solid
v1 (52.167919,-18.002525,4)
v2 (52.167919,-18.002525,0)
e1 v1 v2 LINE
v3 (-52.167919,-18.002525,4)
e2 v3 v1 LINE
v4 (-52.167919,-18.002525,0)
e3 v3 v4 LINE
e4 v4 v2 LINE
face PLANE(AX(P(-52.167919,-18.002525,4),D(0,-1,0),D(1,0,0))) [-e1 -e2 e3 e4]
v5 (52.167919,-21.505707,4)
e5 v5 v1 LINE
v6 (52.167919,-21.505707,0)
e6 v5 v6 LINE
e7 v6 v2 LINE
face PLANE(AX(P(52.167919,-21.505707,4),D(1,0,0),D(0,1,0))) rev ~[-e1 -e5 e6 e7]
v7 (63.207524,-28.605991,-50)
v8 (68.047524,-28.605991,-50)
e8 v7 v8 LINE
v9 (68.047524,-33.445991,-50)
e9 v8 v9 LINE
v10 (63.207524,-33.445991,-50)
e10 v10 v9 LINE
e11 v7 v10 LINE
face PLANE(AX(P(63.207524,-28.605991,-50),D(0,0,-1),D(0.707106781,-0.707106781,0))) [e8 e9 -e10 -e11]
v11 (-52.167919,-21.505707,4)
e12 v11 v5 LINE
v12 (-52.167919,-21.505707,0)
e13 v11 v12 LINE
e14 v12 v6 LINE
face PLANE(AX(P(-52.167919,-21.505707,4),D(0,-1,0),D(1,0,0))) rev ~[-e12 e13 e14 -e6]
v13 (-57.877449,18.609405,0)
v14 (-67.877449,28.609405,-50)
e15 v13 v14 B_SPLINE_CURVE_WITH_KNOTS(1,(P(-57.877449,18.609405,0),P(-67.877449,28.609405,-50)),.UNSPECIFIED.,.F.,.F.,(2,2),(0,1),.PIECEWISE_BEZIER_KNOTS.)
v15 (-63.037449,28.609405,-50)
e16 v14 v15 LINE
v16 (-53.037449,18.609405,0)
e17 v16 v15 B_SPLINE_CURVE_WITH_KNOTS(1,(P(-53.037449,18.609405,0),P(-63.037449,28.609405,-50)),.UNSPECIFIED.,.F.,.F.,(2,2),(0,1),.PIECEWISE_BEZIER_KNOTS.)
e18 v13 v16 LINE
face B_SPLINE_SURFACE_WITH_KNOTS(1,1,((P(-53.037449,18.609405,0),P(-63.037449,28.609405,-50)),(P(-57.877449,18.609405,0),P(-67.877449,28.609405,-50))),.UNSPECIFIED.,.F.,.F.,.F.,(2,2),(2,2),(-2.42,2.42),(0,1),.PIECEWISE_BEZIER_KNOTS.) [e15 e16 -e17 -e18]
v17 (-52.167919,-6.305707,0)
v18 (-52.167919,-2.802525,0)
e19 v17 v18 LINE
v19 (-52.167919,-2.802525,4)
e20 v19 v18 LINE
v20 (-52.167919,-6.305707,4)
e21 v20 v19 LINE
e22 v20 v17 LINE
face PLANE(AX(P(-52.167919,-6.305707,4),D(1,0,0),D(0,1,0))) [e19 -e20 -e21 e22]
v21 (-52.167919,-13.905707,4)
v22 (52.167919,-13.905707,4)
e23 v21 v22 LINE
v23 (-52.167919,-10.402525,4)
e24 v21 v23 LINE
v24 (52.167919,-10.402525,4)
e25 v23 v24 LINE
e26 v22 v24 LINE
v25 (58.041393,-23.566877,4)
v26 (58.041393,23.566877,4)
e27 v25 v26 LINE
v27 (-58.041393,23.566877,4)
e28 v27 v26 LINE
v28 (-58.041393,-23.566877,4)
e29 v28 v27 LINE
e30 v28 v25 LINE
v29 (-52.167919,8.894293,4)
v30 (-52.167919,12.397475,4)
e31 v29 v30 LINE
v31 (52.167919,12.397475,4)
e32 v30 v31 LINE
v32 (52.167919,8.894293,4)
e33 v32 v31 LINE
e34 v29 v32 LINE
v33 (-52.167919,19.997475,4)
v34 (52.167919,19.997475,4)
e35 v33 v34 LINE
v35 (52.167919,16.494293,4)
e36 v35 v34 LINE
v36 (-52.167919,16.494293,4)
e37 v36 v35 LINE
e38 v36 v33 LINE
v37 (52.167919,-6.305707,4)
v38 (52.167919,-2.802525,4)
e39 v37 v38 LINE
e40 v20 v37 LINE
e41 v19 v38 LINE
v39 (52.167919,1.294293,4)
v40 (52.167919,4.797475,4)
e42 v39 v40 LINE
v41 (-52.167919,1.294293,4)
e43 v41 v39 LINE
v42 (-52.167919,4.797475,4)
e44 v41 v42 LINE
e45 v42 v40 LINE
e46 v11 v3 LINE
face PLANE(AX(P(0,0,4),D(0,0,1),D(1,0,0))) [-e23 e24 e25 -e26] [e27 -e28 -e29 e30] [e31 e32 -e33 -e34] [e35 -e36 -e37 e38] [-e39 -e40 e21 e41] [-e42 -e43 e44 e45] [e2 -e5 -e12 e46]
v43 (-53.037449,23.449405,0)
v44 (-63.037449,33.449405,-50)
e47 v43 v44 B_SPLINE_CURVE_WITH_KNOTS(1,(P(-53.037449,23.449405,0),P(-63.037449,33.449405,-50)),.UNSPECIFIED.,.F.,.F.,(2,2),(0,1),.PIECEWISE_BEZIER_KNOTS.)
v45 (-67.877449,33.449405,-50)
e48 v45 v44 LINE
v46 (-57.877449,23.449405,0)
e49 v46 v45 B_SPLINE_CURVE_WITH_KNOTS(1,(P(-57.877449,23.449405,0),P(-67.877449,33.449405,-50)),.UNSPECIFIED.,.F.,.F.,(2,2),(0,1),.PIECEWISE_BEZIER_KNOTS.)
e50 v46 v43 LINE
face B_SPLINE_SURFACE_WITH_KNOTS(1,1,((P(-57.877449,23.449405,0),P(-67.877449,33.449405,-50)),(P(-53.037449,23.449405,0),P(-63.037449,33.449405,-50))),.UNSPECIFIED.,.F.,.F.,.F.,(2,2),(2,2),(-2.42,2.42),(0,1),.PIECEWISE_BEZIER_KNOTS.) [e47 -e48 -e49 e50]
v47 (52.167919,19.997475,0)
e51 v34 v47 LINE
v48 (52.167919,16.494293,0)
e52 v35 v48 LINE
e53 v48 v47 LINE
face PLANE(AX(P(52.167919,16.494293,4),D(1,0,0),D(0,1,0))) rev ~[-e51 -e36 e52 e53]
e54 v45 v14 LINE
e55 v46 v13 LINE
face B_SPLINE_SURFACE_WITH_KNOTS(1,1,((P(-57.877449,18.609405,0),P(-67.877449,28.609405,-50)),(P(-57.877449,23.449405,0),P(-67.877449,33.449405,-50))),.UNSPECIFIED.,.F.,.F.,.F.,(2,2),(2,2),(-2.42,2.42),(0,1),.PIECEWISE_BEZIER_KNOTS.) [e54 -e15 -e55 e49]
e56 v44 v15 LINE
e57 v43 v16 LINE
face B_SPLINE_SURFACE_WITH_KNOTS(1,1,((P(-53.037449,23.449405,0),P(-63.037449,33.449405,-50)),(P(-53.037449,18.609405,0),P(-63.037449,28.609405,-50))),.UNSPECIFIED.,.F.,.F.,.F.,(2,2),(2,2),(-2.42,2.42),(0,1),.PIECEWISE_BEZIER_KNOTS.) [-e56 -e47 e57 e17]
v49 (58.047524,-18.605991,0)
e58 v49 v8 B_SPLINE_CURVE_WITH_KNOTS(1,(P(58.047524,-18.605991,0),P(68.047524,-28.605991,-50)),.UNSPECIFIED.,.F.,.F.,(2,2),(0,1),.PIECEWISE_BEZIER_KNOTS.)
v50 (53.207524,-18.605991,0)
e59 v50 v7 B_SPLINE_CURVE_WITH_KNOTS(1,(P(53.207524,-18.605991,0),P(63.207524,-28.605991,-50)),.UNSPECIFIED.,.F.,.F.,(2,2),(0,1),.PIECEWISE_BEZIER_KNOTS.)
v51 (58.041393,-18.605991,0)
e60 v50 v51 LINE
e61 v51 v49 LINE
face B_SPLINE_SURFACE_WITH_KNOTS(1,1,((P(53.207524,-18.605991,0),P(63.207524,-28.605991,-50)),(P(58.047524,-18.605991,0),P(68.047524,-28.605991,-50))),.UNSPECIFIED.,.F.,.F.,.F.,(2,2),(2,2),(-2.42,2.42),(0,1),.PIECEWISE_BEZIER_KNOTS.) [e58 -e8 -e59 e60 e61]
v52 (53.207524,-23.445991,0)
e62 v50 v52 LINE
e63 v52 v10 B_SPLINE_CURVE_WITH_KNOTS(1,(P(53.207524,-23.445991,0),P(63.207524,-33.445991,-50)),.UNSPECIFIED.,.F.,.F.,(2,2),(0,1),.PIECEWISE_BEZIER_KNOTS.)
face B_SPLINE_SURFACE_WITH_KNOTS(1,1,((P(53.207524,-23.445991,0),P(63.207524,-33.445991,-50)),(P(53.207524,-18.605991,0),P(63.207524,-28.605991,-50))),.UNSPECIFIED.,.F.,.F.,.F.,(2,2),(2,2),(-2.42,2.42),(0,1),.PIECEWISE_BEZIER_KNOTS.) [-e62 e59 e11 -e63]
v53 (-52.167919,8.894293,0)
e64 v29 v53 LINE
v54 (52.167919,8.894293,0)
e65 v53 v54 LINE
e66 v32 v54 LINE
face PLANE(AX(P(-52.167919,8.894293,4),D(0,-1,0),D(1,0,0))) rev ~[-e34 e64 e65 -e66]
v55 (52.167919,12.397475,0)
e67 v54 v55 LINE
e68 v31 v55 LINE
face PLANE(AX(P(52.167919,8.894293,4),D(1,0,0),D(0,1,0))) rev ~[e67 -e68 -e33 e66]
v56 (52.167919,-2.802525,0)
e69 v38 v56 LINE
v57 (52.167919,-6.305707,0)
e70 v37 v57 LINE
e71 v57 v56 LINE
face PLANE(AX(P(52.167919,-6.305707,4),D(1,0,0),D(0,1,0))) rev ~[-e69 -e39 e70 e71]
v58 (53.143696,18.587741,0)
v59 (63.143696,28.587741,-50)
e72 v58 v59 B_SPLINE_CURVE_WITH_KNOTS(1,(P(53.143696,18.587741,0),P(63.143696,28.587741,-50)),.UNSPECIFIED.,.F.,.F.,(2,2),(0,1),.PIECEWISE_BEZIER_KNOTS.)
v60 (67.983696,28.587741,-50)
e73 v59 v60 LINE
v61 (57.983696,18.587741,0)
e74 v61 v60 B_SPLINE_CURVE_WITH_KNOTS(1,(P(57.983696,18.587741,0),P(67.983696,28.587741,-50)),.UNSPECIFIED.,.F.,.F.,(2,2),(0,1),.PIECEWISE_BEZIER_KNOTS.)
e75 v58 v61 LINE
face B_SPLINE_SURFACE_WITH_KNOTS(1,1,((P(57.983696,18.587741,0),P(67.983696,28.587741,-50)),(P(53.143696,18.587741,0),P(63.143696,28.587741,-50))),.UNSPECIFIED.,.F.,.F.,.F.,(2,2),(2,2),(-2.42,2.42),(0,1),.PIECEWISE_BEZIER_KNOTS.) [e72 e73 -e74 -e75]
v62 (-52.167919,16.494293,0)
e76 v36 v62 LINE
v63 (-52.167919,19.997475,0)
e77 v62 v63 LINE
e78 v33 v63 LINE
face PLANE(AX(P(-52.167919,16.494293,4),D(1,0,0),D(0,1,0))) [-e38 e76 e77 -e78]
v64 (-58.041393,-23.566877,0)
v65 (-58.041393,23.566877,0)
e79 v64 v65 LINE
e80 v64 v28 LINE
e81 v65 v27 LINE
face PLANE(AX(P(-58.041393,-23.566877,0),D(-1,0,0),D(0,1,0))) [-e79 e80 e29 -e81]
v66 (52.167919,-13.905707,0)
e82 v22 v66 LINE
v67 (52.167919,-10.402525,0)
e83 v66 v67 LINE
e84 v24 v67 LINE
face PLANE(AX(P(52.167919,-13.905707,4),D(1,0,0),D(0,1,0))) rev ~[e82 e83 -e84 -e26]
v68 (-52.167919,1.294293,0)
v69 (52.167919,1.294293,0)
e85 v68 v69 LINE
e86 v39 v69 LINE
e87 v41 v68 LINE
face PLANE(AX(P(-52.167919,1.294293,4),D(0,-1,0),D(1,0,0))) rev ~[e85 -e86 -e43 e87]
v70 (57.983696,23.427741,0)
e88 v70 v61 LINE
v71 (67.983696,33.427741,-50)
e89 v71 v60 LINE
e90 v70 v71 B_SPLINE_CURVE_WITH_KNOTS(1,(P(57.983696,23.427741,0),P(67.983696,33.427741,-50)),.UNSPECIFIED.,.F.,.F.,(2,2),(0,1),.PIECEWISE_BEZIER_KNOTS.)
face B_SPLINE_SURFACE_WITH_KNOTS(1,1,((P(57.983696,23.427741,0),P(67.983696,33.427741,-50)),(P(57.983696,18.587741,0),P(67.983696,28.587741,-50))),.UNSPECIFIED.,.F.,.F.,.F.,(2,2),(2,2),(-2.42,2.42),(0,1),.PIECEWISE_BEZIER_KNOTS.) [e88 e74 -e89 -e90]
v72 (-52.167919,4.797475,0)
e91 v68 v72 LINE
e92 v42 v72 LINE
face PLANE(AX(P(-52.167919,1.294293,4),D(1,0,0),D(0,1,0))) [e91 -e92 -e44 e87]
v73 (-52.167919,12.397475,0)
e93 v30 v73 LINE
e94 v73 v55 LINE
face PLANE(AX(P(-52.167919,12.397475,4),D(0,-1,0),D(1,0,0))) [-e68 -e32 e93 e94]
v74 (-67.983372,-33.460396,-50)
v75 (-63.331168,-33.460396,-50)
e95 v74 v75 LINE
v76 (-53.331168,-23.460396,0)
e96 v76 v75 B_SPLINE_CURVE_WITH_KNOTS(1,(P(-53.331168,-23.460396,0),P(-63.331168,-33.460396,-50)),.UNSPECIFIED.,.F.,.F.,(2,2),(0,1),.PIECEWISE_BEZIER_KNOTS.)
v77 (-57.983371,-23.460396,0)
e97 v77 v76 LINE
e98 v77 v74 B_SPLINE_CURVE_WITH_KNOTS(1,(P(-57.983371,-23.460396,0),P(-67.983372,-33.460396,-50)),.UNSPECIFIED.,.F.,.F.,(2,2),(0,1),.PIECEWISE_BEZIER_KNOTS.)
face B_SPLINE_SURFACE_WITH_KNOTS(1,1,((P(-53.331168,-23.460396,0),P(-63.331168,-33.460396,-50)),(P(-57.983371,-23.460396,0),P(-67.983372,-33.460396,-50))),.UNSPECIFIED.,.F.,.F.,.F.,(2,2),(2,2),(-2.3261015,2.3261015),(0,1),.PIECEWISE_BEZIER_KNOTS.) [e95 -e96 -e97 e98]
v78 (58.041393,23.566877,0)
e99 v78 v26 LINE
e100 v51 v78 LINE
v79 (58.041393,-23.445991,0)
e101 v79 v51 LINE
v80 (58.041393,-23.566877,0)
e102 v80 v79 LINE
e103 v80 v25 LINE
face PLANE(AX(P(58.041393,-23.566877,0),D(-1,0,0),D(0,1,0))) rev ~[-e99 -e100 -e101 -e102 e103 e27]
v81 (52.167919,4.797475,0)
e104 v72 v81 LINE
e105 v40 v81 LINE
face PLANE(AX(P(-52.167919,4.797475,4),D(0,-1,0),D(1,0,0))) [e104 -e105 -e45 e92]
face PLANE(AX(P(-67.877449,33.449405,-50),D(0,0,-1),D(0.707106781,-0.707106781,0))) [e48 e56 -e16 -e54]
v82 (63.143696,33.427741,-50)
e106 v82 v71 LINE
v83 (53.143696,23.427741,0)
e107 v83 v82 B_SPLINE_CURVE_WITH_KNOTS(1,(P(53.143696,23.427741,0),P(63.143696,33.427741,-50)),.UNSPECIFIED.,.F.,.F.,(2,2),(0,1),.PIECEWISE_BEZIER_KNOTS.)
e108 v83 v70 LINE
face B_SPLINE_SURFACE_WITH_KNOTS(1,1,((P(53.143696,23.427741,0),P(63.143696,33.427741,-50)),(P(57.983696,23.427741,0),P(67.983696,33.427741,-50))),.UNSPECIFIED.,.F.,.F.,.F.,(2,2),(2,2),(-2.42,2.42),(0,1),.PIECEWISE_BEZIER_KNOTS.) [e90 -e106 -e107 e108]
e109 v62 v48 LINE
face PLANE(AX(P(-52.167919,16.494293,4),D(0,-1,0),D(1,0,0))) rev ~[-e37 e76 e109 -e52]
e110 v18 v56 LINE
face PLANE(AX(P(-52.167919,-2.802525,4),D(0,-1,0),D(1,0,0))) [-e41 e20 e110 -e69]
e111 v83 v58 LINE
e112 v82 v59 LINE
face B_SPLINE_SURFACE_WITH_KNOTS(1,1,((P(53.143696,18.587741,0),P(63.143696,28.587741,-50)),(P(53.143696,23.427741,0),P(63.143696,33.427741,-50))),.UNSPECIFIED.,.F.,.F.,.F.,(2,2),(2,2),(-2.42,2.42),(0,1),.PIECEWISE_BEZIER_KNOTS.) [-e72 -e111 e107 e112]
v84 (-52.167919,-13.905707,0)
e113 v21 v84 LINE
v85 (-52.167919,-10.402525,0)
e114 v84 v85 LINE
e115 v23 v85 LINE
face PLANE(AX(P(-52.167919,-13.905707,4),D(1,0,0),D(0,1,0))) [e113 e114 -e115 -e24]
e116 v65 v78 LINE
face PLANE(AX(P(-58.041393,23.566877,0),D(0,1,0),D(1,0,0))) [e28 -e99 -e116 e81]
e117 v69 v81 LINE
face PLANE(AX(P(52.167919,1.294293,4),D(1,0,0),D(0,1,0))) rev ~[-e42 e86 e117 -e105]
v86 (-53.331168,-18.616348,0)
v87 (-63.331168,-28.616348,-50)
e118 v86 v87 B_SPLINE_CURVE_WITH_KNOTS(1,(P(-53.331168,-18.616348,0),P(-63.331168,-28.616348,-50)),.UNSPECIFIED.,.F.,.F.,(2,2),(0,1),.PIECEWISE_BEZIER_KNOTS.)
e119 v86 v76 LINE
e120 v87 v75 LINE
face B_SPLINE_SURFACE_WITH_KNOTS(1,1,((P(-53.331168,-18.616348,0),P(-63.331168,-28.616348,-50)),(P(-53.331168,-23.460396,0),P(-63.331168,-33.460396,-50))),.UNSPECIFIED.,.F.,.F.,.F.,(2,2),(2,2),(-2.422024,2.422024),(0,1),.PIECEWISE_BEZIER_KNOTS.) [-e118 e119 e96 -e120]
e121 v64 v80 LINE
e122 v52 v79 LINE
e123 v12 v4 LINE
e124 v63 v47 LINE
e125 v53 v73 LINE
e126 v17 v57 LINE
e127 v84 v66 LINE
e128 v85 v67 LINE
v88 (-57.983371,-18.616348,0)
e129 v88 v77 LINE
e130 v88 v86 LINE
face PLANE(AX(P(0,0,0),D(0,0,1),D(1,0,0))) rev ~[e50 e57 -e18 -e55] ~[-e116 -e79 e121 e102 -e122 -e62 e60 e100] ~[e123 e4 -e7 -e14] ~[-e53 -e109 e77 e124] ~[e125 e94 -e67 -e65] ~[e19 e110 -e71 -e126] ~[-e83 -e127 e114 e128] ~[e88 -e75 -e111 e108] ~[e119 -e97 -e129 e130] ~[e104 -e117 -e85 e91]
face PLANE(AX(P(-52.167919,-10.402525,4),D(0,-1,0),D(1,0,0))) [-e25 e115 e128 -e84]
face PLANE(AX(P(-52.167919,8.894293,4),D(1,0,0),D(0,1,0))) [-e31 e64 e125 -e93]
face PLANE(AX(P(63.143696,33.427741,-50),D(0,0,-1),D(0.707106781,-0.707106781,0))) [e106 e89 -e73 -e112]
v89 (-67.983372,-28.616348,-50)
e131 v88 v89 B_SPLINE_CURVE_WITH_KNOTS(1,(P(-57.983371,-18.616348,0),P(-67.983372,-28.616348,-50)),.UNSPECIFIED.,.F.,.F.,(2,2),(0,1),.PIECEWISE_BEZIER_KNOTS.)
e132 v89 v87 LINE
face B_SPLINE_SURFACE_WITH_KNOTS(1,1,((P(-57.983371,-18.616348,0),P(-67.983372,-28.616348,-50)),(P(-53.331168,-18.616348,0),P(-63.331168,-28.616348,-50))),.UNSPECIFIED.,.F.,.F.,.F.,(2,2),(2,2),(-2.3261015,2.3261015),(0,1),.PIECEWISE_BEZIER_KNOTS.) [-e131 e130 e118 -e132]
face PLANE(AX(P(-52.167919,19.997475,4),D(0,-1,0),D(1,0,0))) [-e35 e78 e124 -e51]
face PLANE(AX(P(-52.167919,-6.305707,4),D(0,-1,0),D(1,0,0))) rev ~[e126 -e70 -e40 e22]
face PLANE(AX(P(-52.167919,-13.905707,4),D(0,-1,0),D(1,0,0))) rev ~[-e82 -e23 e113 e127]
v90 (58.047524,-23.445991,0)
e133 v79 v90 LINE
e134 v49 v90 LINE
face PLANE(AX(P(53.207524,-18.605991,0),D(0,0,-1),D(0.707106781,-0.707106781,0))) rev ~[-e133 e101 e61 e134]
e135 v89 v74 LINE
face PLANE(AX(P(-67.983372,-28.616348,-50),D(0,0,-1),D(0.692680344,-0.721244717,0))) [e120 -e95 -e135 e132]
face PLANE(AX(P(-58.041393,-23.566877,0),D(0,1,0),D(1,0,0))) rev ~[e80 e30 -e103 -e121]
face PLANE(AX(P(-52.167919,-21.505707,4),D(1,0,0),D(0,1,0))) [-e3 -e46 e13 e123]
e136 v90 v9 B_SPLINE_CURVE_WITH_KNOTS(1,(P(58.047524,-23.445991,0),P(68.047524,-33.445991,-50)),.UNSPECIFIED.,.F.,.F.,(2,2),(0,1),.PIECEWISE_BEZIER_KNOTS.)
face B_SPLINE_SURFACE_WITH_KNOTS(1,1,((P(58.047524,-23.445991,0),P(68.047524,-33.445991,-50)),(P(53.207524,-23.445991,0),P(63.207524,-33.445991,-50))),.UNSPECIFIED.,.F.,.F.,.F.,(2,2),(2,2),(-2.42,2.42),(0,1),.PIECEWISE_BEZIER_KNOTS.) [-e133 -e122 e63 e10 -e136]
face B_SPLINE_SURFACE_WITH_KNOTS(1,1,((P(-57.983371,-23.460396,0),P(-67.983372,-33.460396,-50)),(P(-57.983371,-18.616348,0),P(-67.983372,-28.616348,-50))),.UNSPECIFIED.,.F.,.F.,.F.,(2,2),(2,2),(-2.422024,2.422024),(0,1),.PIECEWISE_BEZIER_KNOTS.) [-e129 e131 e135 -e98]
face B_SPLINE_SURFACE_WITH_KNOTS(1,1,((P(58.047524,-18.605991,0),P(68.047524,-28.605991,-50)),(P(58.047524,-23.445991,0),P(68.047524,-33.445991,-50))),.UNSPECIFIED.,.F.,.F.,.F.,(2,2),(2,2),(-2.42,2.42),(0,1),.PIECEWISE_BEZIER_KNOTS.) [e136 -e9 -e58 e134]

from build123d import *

# Parameters (mm, degrees)
SKETCH_W            = 116.082786
SKETCH_H            = 47.133754
PAD_DEPTH           = 4
SKETCH001_W         = 104.335838
SKETCH001_H         = 3.503182
POCKET_DEPTH        = 9
LINEARPATTERN_COUNT = 6
LINEARPATTERN_PITCH = 7.6
SKETCH002_W         = 4.652203
SKETCH002_H         = 4.844048
SKETCH003_W         = 4.652203
SKETCH003_H         = 4.844048
SKETCH004_W         = 4.84
SKETCH004_H         = 4.84
SKETCH005_W         = 4.84
SKETCH005_H         = 4.84
SKETCH006_W         = 4.84
SKETCH006_H         = 4.84
SKETCH007_W         = 4.84
SKETCH007_H         = 4.84
SKETCH008_W         = 4.84
SKETCH008_H         = 4.84
SKETCH009_W         = 4.84
SKETCH009_H         = 4.84


with BuildPart() as part:
    # Sketch → Pad (new body)
    with BuildSketch(Plane.XY):
        Rectangle(SKETCH_W, SKETCH_H)
    extrude(amount=PAD_DEPTH)

    # Sketch001 (on Face6 of Pad) → Pocket (cut)
    with BuildSketch(Plane.XY.offset(4)):
        with Locations((0, 18.245884)):
            Rectangle(SKETCH001_W, SKETCH001_H)
    pocket = extrude(amount=-POCKET_DEPTH, mode=Mode.SUBTRACT)

    # LinearPattern: Pocket ×6
    with Locations(*[(0, -i * LINEARPATTERN_PITCH, 0) for i in range(1, LINEARPATTERN_COUNT)]):
        add(pocket, mode=Mode.SUBTRACT)

    # Sketch002 (on Face4 of LinearPattern) → AdditiveLoft section 0
    with BuildSketch(Plane(origin=(0, 0, 0), x_dir=(1, 0, 0), z_dir=(0, 0, -1))):
        with Locations((-55.65727, 21.038372)):
            Rectangle(SKETCH002_W, SKETCH002_H)
    # Sketch003 (on Face4 of LinearPattern) → AdditiveLoft section 1
    with BuildSketch(Plane(origin=(-10, -10, -50), x_dir=(1, 0, 0), z_dir=(0, 0, -1))):
        with Locations((-55.65727, 21.038372)):
            Rectangle(SKETCH003_W, SKETCH003_H)
    loft()

    # Sketch004 (on Face4 of AdditiveLoft) → AdditiveLoft001 section 0
    with BuildSketch(Plane(origin=(0, 0, 0), x_dir=(1, 0, 0), z_dir=(0, 0, -1))):
        with Locations((55.627524, 21.025991)):
            Rectangle(SKETCH004_W, SKETCH004_H)
    # Sketch005 (on Face4 of AdditiveLoft) → AdditiveLoft001 section 1
    with BuildSketch(Plane(origin=(10, -10, -50), x_dir=(1, 0, 0), z_dir=(0, 0, -1))):
        with Locations((55.627524, 21.025991)):
            Rectangle(SKETCH005_W, SKETCH005_H)
    loft()

    # Sketch006 (on Face4 of AdditiveLoft001) → AdditiveLoft002 section 0
    with BuildSketch(Plane(origin=(0, 0, 0), x_dir=(1, 0, 0), z_dir=(0, 0, -1))):
        with Locations((-55.457449, -21.029405)):
            Rectangle(SKETCH006_W, SKETCH006_H)
    # Sketch007 (on Face4 of AdditiveLoft001) → AdditiveLoft002 section 1
    with BuildSketch(Plane(origin=(-10, 10, -50), x_dir=(1, 0, 0), z_dir=(0, 0, -1))):
        with Locations((-55.457449, -21.029405)):
            Rectangle(SKETCH007_W, SKETCH007_H)
    loft()

    # Sketch008 (on Face4 of AdditiveLoft002) → AdditiveLoft003 section 0
    with BuildSketch(Plane(origin=(0, 0, 0), x_dir=(1, 0, 0), z_dir=(0, 0, -1))):
        with Locations((55.563696, -21.007741)):
            Rectangle(SKETCH008_W, SKETCH008_H)
    # Sketch009 (on Face4 of AdditiveLoft002) → AdditiveLoft003 section 1
    with BuildSketch(Plane(origin=(10, 10, -50), x_dir=(1, 0, 0), z_dir=(0, 0, -1))):
        with Locations((55.563696, -21.007741)):
            Rectangle(SKETCH009_W, SKETCH009_H)
    loft()


solid = part.part
